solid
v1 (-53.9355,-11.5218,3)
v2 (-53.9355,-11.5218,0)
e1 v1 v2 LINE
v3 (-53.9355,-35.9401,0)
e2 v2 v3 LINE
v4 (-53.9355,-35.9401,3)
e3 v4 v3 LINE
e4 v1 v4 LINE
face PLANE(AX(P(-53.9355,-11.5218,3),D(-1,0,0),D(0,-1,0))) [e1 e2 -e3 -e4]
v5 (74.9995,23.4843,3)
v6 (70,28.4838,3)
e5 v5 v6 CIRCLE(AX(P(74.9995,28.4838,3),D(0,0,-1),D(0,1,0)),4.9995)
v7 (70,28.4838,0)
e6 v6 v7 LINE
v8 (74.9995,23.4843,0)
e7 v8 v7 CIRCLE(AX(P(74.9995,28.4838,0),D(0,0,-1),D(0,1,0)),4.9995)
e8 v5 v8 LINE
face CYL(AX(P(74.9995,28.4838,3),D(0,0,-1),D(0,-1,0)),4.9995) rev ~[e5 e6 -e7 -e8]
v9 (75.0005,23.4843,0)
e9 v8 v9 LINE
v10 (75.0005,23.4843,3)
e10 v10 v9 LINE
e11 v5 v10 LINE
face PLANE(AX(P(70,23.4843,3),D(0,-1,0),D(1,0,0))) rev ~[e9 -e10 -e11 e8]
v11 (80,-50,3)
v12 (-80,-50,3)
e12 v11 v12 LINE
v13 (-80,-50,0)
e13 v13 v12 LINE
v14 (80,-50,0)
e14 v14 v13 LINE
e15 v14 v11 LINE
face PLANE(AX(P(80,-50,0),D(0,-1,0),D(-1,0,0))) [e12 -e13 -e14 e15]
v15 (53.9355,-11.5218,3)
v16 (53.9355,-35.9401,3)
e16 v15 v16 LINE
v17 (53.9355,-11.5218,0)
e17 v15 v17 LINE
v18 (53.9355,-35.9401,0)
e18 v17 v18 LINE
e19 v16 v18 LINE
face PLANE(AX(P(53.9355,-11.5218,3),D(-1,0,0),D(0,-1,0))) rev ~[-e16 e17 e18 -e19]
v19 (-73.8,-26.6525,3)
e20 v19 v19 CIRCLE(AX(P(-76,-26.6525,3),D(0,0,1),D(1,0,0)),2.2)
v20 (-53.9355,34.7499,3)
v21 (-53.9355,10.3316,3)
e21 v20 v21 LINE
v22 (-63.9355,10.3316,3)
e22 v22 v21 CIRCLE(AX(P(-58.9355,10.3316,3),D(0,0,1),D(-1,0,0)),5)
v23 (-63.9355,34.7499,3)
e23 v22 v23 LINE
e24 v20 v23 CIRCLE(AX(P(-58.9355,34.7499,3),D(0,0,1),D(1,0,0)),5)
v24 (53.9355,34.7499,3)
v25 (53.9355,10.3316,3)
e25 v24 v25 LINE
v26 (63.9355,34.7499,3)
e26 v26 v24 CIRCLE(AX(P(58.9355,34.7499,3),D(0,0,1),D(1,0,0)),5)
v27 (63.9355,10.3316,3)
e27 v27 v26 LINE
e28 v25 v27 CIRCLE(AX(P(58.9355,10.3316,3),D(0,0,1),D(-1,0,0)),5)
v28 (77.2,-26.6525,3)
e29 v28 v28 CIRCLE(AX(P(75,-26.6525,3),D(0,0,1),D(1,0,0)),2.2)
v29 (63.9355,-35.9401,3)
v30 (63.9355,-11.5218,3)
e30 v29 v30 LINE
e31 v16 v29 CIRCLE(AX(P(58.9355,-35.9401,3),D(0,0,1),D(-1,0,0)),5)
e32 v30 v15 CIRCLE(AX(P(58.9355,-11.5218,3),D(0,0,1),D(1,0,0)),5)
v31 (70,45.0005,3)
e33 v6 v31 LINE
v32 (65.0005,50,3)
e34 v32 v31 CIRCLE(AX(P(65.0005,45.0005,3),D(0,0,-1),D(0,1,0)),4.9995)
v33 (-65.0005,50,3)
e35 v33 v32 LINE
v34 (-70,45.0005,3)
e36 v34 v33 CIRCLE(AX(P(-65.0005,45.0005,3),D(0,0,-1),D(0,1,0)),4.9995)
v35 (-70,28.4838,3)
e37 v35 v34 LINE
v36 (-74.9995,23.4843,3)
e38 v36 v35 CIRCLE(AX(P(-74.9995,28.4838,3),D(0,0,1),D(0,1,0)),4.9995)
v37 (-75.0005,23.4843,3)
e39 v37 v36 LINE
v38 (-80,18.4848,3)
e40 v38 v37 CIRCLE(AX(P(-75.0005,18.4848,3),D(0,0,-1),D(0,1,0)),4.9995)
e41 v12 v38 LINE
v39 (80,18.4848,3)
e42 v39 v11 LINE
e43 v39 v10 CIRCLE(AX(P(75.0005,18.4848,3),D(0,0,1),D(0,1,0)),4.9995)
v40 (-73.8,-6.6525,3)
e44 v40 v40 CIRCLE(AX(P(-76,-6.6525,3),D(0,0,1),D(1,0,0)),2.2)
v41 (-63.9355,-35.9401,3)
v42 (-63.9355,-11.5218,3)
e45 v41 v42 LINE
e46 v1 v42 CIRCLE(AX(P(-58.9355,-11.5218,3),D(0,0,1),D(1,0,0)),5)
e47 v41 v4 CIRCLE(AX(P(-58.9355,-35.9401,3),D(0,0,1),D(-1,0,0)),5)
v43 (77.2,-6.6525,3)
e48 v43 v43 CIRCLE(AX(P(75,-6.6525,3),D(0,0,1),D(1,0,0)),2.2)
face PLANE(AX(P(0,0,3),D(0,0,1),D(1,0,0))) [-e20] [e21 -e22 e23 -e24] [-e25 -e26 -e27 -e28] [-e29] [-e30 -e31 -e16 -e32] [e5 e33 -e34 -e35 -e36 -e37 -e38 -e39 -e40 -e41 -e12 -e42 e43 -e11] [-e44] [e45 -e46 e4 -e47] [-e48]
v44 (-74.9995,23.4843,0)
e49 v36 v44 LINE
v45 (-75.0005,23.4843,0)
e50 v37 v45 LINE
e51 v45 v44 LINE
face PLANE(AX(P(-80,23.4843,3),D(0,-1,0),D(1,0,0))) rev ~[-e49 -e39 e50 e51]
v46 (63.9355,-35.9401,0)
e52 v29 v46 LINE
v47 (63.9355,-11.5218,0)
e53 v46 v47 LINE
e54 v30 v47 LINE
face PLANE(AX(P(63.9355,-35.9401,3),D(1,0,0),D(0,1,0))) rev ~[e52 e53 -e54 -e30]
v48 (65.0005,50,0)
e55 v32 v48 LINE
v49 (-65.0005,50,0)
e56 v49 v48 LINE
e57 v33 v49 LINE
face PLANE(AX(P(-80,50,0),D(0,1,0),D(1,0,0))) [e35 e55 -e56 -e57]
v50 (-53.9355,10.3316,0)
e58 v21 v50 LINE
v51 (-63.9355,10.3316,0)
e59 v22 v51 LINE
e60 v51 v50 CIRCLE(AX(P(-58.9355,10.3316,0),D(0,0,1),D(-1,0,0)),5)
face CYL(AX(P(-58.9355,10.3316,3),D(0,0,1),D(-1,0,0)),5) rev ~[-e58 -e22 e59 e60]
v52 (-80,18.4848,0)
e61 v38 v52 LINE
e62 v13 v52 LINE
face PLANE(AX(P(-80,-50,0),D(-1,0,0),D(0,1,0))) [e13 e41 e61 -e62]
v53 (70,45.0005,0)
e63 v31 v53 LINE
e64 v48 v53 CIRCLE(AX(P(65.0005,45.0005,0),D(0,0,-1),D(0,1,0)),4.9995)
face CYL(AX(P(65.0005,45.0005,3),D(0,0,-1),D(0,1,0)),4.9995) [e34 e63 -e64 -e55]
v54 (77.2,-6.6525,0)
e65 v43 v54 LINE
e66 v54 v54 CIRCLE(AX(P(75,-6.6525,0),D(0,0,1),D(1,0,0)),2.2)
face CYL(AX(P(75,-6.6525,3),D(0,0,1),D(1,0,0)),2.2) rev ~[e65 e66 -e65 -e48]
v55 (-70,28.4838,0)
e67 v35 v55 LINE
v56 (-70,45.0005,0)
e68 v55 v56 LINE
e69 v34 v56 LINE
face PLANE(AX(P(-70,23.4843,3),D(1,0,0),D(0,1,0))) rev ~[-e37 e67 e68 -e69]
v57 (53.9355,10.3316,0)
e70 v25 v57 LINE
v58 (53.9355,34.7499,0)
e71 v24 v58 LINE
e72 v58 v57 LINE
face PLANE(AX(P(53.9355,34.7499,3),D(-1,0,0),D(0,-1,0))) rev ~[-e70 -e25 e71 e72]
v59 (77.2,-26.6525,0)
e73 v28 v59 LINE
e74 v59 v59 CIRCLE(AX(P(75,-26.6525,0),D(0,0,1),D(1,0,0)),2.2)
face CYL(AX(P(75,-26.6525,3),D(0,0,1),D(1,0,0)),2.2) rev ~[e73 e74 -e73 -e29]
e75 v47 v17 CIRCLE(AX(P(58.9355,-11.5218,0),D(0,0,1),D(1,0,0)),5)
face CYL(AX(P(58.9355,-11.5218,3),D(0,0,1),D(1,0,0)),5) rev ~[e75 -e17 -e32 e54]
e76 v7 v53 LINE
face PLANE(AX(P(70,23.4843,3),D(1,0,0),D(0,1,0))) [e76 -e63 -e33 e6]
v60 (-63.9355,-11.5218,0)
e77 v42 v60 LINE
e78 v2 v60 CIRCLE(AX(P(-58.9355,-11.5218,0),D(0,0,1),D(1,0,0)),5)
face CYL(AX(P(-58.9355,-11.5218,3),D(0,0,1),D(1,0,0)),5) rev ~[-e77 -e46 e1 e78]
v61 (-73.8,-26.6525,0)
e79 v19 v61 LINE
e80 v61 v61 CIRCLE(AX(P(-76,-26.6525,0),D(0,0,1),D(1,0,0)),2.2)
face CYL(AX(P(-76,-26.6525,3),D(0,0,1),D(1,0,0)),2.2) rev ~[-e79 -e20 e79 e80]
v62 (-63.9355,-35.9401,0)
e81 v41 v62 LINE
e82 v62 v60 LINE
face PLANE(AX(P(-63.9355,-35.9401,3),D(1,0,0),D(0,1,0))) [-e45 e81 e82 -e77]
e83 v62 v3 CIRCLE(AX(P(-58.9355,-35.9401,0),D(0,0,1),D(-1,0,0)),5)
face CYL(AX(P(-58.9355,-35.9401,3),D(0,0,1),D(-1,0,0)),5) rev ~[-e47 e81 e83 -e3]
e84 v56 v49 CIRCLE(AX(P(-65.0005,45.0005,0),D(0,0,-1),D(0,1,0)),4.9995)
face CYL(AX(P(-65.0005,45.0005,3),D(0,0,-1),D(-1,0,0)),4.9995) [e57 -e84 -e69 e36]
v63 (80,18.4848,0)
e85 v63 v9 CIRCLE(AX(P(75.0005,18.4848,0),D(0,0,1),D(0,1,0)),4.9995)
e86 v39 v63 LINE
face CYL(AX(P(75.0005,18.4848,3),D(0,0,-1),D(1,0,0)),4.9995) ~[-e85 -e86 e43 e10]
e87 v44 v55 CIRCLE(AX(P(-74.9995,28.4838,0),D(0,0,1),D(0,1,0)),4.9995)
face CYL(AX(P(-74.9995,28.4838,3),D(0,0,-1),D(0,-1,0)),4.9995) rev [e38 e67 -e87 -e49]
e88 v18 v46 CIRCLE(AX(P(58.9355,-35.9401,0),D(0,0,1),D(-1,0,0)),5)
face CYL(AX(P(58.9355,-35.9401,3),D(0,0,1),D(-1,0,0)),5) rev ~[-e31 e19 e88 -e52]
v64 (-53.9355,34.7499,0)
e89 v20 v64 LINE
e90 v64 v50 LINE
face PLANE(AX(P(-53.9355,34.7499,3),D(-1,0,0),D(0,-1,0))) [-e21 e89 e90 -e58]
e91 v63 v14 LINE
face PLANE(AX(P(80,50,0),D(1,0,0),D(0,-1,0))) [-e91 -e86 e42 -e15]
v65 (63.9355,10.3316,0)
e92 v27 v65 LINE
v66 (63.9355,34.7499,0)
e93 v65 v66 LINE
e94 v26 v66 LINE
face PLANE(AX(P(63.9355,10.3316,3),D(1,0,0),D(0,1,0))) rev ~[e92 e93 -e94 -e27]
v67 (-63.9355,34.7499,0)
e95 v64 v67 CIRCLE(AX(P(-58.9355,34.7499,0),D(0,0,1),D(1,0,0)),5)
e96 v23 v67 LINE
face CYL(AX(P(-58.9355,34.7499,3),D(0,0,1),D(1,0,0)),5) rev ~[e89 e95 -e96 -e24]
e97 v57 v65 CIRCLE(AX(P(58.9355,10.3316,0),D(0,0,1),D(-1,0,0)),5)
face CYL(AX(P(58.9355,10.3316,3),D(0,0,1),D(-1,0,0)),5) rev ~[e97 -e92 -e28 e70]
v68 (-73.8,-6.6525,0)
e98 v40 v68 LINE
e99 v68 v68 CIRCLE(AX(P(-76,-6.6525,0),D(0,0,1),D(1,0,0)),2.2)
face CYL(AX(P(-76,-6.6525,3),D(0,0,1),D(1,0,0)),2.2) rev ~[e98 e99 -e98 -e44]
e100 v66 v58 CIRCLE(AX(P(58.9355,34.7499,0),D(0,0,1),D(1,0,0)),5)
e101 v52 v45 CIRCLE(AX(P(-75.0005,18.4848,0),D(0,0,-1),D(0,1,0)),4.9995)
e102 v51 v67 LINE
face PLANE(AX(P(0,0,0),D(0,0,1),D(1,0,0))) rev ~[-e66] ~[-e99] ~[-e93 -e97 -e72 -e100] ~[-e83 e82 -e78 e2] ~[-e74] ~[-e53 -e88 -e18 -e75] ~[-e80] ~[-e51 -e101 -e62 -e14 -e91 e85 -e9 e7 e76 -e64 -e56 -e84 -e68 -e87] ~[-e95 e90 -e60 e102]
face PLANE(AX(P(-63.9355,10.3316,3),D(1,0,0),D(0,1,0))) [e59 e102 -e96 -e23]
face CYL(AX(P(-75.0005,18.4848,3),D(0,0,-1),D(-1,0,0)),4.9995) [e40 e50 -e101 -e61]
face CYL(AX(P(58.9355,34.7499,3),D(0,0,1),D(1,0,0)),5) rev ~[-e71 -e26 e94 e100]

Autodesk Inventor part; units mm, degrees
ref_plane "YZ Plane" through (0, 0, 0) normal (1, 0, 0) x (0, 1, 0)
ref_plane "XZ Plane" through (0, 0, 0) normal (0, 1, 0) x (-1, 0, 0)
ref_plane "XY Plane" through (0, 0, 0) normal (0, 0, 1) x (1, 0, 0)
sketch "草图1" plane through (0, 0, 0) normal (0, 0, 1) x (1, 0, 0)
  line L0 (80, -50) -> (-80, -50)
  line L1 (-80, -50) -> (-80, 50)
  line L2 (-80, 50) -> (80, 50)
  line L3 (80, 50) -> (80, -50)
  line L4 (80, -50) -> (-80, 50) construction
  line L5 (-80, -50) -> (80, 50) construction
  point P0 (0, 0)
  dimension "d0" = 100
  dimension "d1" = 160
extrude "拉伸1" add sketch "草图1" along normal blind 3
sketch "草图2" plane through (0, 0, 3) normal (0, 0, 1) x (1, 0, 0)
  line L0 (-70, 23.4843) -> (-70, 54.6776)
  line L1 (70, 15.0319) -> (70, 54.3435) projected
  line L2 (-80, 50) -> (-80, -50) projected
  line L3 (-80, 23.4843) -> (80.034, 23.4843)
  line L4 (80, 50) -> (-80, 50) projected
  line L5 (-80, 50) -> (-80, -50) projected
  line L6 (-80, -50) -> (80, -50) projected
  line L7 (80, -50) -> (80, 50) projected
  point P0 (0, 0)
  point P1 (80, 23.4843)
  point P2 (70, 50)
  point P3 (70, 23.4843)
  point P4 (-70, 50)
  dimension "d6" = 10
  dimension "d7" = 10
extrude "拉伸2" cut sketch "草图2" against normal blind 10 contours L3 L2 L4 L0 | L1 L4 L7 L3
fillet "圆角1" radius 5 6 edges at (-80, 23.4843, 1.5) (-70, 23.4843, 1.5) (-70, 50, 1.5) (70, 50, 1.5) (70, 23.4843, 1.5) (80, 23.4843, 1.5)
sketch "草图7" plane through (0, 0, 3) normal (0, 0, 1) x (1, 0, 0)
  circle A0 centre (75, -6.6525) radius 1.2 projected
  circle A1 centre (75, -26.6525) radius 1.2 projected
  circle A2 centre (-76, -6.6525) radius 1.2 projected
  circle A3 centre (-76, -26.6525) radius 1.2 projected
  circle A4 centre (-76, -6.6525) radius 2.2
  circle A5 centre (-76, -26.6525) radius 2.2
  circle A6 centre (75, -6.6525) radius 2.2
  circle A7 centre (75, -26.6525) radius 2.2
  point P0 (0, 0)
  dimension "d78" = 1
  dimension "d79" = 1
  dimension "d80" = 1
  dimension "d81" = 1
extrude "拉伸5" cut sketch "草图7" against normal blind 10 contours A0 | A1 | A2 | A3 | A4 | A5 | A6 | A7
sketch "草图6" plane through (0, 0, 3) normal (0, 0, 1) x (1, 0, 0)
  circle A0 centre (-0.337, 1.4402) radius 29.6824
  line L0 (58.9355, -11.5218) -> (58.9355, -35.9401) construction
  line L1 (53.9355, -11.5218) -> (53.9355, -35.9401)
  line L2 (63.9355, -35.9401) -> (63.9355, -11.5218)
  arc A1 (63.9355, -11.5218) -> (53.9355, -11.5218) centre (58.9355, -11.5218) ccw
  arc A2 (53.9355, -35.9401) -> (63.9355, -35.9401) centre (58.9355, -35.9401) ccw
  line L3 (58.9355, 34.7499) -> (58.9355, 10.3316) construction
  line L4 (53.9355, 34.7499) -> (53.9355, 10.3316)
  line L5 (63.9355, 10.3316) -> (63.9355, 34.7499)
  arc A3 (63.9355, 34.7499) -> (53.9355, 34.7499) centre (58.9355, 34.7499) ccw
  arc A4 (53.9355, 10.3316) -> (63.9355, 10.3316) centre (58.9355, 10.3316) ccw
  line L6 (65, 50) -> (-65, 50) projected
  line L7 (0, 50) -> (0, -49.5861)
  line L8 (-58.9355, -11.5218) -> (-58.9355, -35.9401) construction
  line L9 (-53.9355, -11.5218) -> (-53.9355, -35.9401)
  line L10 (-63.9355, -35.9401) -> (-63.9355, -11.5218)
  arc A5 (-53.9355, -11.5218) -> (-63.9355, -11.5218) centre (-58.9355, -11.5218) ccw
  arc A6 (-63.9355, -35.9401) -> (-53.9355, -35.9401) centre (-58.9355, -35.9401) ccw
  line L11 (-58.9355, 34.7499) -> (-58.9355, 10.3316) construction
  line L12 (-53.9355, 34.7499) -> (-53.9355, 10.3316)
  line L13 (-63.9355, 10.3316) -> (-63.9355, 34.7499)
  arc A7 (-53.9355, 34.7499) -> (-63.9355, 34.7499) centre (-58.9355, 34.7499) ccw
  arc A8 (-63.9355, 10.3316) -> (-53.9355, 10.3316) centre (-58.9355, 10.3316) ccw
  point P0 (0, 0)
  point P1 (58.9355, -23.7309)
  point P2 (58.9355, 22.5408)
  point P3 (-58.9355, -23.7309)
  point P4 (-58.9355, 22.5408)
  dimension "d70" = 5
  dimension "d71" = 5
extrude "拉伸4" cut sketch "草图6" against normal blind 10 contours A1 L2 A2 L1 | A3 L5 A4 L4 | L9 A6 L10 A5 | L12 A8 L13 A7
sketch "草图5" plane through (0, 0, 3) normal (0, 0, 1) x (1, 0, 0)
  line L0 (-51.948, 44.2905) -> (50.6435, 44.2905) construction
  line L1 (50.6435, 44.2905) -> (50.6435, -58.301) construction
  line L2 (50.6435, -58.301) -> (-51.948, -58.301) construction
  line L3 (-51.948, -58.301) -> (-51.948, 44.2905) construction
  circle A0 centre (-0.337, 1.4402) radius 19.5793
  circle A1 centre (-0.337, 1.4402) radius 22.0126
  circle A2 centre (-0.1836, 17.5889) radius 1.0689
  circle A3 centre (14.0973, -7.3293) radius 1.2102
  circle A4 centre (-14.6768, -7.0871) radius 1.2453
  arc A5 (-1.5966, 22.3303) -> (-3.177, 23.2671) centre (-2.9305, 21.8816) ccw
  arc A6 (-1.5966, 22.3303) -> (1.2246, 22.333) centre (-0.1861, 22.4331) ccw
  arc A7 (2.2174, 23.304) -> (1.2246, 22.333) centre (2.87, 21.6437) ccw
  line L4 (-3.1076, 23.2777) -> (-2.7908, 20.865)
  line L5 (2.4336, 23.2777) -> (2.4336, 20.8224)
  arc A8 (-6.9604, 21.2925) -> (-8.7295, 21.7883) centre (-8.1327, 20.5138) ccw
  arc A9 (-6.9604, 21.2925) -> (-4.236, 22.0252) centre (-5.6246, 21.7569) ccw
  arc A10 (-3.5284, 23.2201) -> (-4.236, 22.0252) centre (-2.4683, 21.7854) ccw
  arc A11 (-11.8729, 18.9017) -> (-13.71, 18.9228) centre (-12.8037, 17.8462) ccw
  arc A12 (-11.8729, 18.9017) -> (-9.431, 20.3147) centre (-10.7028, 19.6961) ccw
  arc A13 (-9.0567, 21.652) -> (-9.431, 20.3147) centre (-7.6614, 20.5405) ccw
  arc A14 (-15.9992, 15.321) -> (-17.7792, 14.8659) centre (-16.6251, 14.0606) ccw
  arc A15 (-15.9992, 15.321) -> (-14.0062, 17.3179) centre (-15.0746, 16.3912) ccw
  arc A16 (-13.9908, 18.7065) -> (-14.0062, 17.3179) centre (-12.3554, 17.994) ccw
  arc A17 (-19.0582, 10.7944) -> (-20.6597, 9.8941) centre (-19.3365, 9.4149) ccw
  arc A18 (-19.0582, 10.7944) -> (-17.6499, 13.239) centre (-18.442, 12.0674) ccw
  arc A19 (-17.9944, 14.5843) -> (-17.6499, 13.239) centre (-16.2303, 14.3193) ccw
  arc A20 (-20.8413, 5.6302) -> (-22.1553, 4.3462) centre (-20.7531, 4.2257) ccw
  arc A21 (-20.8413, 5.6302) -> (-20.1137, 8.356) centre (-20.5756, 7.0193) ccw
  arc A22 (-20.7947, 9.5663) -> (-20.1137, 8.356) centre (-19.0221, 9.767) ccw
  arc A23 (-21.2271, 0.1806) -> (-22.164, -1.3998) centre (-20.7784, -1.1533) ccw
  arc A24 (-21.2271, 0.1806) -> (-21.2298, 3.0018) centre (-21.33, 1.5911) ccw
  arc A25 (-22.2009, 3.9946) -> (-21.2298, 3.0018) centre (-20.5406, 4.6472) ccw
  arc A26 (-20.1893, -5.1833) -> (-20.6852, -6.9523) centre (-19.4107, -6.3555) ccw
  arc A27 (-20.1893, -5.1833) -> (-20.9221, -2.4589) centre (-20.6537, -3.8474) ccw
  arc A28 (-22.117, -1.7512) -> (-20.9221, -2.4589) centre (-20.6822, -0.6911) ccw
  arc A29 (-17.7986, -10.0958) -> (-17.8197, -11.9328) centre (-16.7431, -11.0265) ccw
  arc A30 (-17.7986, -10.0958) -> (-19.2115, -7.6538) centre (-18.5929, -8.9256) ccw
  arc A31 (-20.5489, -7.2796) -> (-19.2115, -7.6538) centre (-19.4374, -5.8843) ccw
  arc A32 (-14.2179, -14.2221) -> (-13.7628, -16.002) centre (-12.9574, -14.8479) ccw
  arc A33 (-14.2179, -14.2221) -> (-16.2147, -12.229) centre (-15.288, -13.2974) ccw
  arc A34 (-17.6033, -12.2137) -> (-16.2147, -12.229) centre (-16.8908, -10.5782) ccw
  arc A35 (-9.6912, -17.281) -> (-8.791, -18.8825) centre (-8.3117, -17.5594) ccw
  arc A36 (-9.6912, -17.281) -> (-12.1358, -15.8727) centre (-10.9642, -16.6648) ccw
  arc A37 (-13.4811, -16.2173) -> (-12.1358, -15.8727) centre (-13.2162, -14.4531) ccw
  arc A38 (-4.5271, -19.0642) -> (-3.243, -20.3781) centre (-3.1226, -18.976) ccw
  arc A39 (-4.5271, -19.0642) -> (-7.2529, -18.3366) centre (-5.9162, -18.7985) ccw
  arc A40 (-8.4632, -19.0176) -> (-7.2529, -18.3366) centre (-8.6639, -17.245) ccw
  arc A41 (0.9226, -19.45) -> (2.503, -20.3868) centre (2.2564, -19.0013) ccw
  arc A42 (0.9226, -19.45) -> (-1.8987, -19.4527) centre (-0.4879, -19.5528) ccw
  arc A43 (-2.8914, -20.4237) -> (-1.8987, -19.4527) centre (-3.5441, -18.7634) ccw
  arc A44 (6.2864, -18.4122) -> (8.0554, -18.908) centre (7.4587, -17.6335) ccw
  arc A45 (6.2864, -18.4122) -> (3.562, -19.1449) centre (4.9506, -18.8766) ccw
  arc A46 (2.8544, -20.3398) -> (3.562, -19.1449) centre (1.7943, -18.9051) ccw
  arc A47 (11.1989, -16.0214) -> (13.036, -16.0425) centre (12.1297, -14.9659) ccw
  arc A48 (11.1989, -16.0214) -> (8.757, -17.4344) centre (10.0288, -16.8158) ccw
  arc A49 (8.3827, -18.7717) -> (8.757, -17.4344) centre (6.9874, -17.6602) ccw
  arc A50 (15.3252, -12.4407) -> (17.1051, -11.9856) centre (15.9511, -11.1803) ccw
  arc A51 (15.3252, -12.4407) -> (13.3322, -14.4376) centre (14.4005, -13.5109) ccw
  arc A52 (13.3168, -15.8262) -> (13.3322, -14.4376) centre (11.6814, -15.1137) ccw
  arc A53 (18.3842, -7.9141) -> (19.9857, -7.0138) centre (18.6625, -6.5346) ccw
  arc A54 (18.3842, -7.9141) -> (16.9759, -10.3587) centre (17.768, -9.1871) ccw
  arc A55 (17.3204, -11.704) -> (16.9759, -10.3587) centre (15.5563, -11.439) ccw
  arc A56 (20.1673, -2.7499) -> (21.4812, -1.4659) centre (20.0791, -1.3454) ccw
  arc A57 (20.1673, -2.7499) -> (19.4397, -5.4757) centre (19.9016, -4.139) ccw
  arc A58 (20.1207, -6.686) -> (19.4397, -5.4757) centre (18.3481, -6.8867) ccw
  arc A59 (20.5531, 2.6997) -> (21.4899, 4.2801) centre (20.1044, 4.0336) ccw
  arc A60 (20.5531, 2.6997) -> (20.5558, -0.1215) centre (20.656, 1.2892) ccw
  arc A61 (21.5268, -1.1143) -> (20.5558, -0.1215) centre (19.8666, -1.7669) ccw
  arc A62 (19.5153, 8.0636) -> (20.0111, 9.8326) centre (18.7366, 9.2358) ccw
  arc A63 (19.5153, 8.0636) -> (20.2481, 5.3392) centre (19.9797, 6.7277) ccw
  arc A64 (21.443, 4.6315) -> (20.2481, 5.3392) centre (20.0082, 3.5714) ccw
  arc A65 (17.1246, 12.9761) -> (17.1457, 14.8131) centre (16.0691, 13.9068) ccw
  arc A66 (17.1246, 12.9761) -> (18.5375, 10.5341) centre (17.9189, 11.8059) ccw
  arc A67 (19.8749, 10.1599) -> (18.5375, 10.5341) centre (18.7633, 8.7646) ccw
  arc A68 (13.5439, 17.1024) -> (13.0888, 18.8823) centre (12.2834, 17.7283) ccw
  arc A69 (13.5439, 17.1024) -> (15.5407, 15.1093) centre (14.614, 16.1777) ccw
  arc A70 (16.9293, 15.094) -> (15.5407, 15.1093) centre (16.2168, 13.4585) ccw
  arc A71 (9.0172, 20.1613) -> (8.1169, 21.7628) centre (7.6377, 20.4397) ccw
  arc A72 (9.0172, 20.1613) -> (11.4618, 18.753) centre (10.2902, 19.5451) ccw
  arc A73 (12.8071, 19.0976) -> (11.4618, 18.753) centre (12.5422, 17.3335) ccw
  arc A74 (3.8531, 21.9445) -> (2.569, 23.2584) centre (2.4485, 21.8563) ccw
  arc A75 (3.8531, 21.9445) -> (6.5789, 21.2169) centre (5.2422, 21.6788) ccw
  arc A76 (7.7892, 21.8979) -> (6.5789, 21.2169) centre (7.9898, 20.1253) ccw
  circle A77 centre (-0.337, 1.4402) radius 17.3264
  arc A78 (-1.8119, 16.3912) -> (1.4108, 16.5709) centre (-0.2439, 17.2588) ccw
  line L6 (-1.8119, 16.3912) -> (-3.3302, 18.506)
  line L7 (1.4108, 16.5709) -> (2.5167, 18.5299)
  line L8 (-16.4097, -5.0307) -> (-13.9908, -5.0307)
  line L9 (-13.4922, -9.8356) -> (-12.6482, -7.9141)
  arc A79 (-12.6482, -7.9141) -> (-13.9908, -5.0307) centre (-14.3731, -6.963) ccw
  line L10 (12.9811, -9.6427) -> (11.9394, -7.9141)
  arc A80 (13.1454, -5.3295) -> (11.9394, -7.9141) centre (13.7218, -7.1721) ccw
  line L11 (13.1454, -5.3295) -> (15.7357, -5.0307)
  line L12 (-9.9945, 15.2423) -> (9.7915, 15.2423)
  line L13 (9.7915, 15.2423) -> (9.7915, 12.3918)
  line L14 (9.7915, 12.3918) -> (4.8774, 12.3918)
  line L15 (4.8774, 12.3918) -> (4.8774, 11.3614)
  line L16 (4.8774, 11.3614) -> (-0.1015, 3.7166)
  line L17 (-0.1015, 3.7166) -> (4.8774, 5.6302)
  line L18 (4.8774, 5.6302) -> (4.8774, -10.799)
  line L19 (4.8774, -10.799) -> (9.9178, -10.799)
  line L20 (-10.2582, -10.5782) -> (-10.3245, -13.73)
  line L21 (-10.3245, -13.73) -> (8.2621, -13.73)
  line L22 (-10.2582, -10.5782) -> (-4.859, -10.5782)
  line L23 (-4.859, -10.5782) -> (-4.859, -9.8356)
  line L24 (-4.859, -9.8356) -> (0.725, -0.9592)
  line L25 (0.725, -0.9592) -> (-4.859, -4.139)
  line L26 (-4.859, -4.139) -> (-4.9409, 11.6269)
  line L27 (-4.9409, 11.6269) -> (-9.9945, 11.6007)
  line L28 (-9.9945, 11.6007) -> (-9.9945, 15.2423)
  line L29 (-6.5155, -6.1315) -> (-3.3302, -4.6028)
  line L30 (-3.3302, -4.6028) -> (-6.4171, -9.3424)
  line L31 (-6.4171, -9.3424) -> (-6.5155, -6.1315)
  line L32 (2.7649, 6.2064) -> (5.9307, 7.7259)
  line L33 (5.9307, 7.7259) -> (5.9307, 10.7944)
  line L34 (5.9307, 10.7944) -> (2.7649, 6.2064)
  line L35 (9.9178, -10.799) -> (9.9178, -13.73)
  point P0 (-8.6651, 21.8165)
  point P1 (-13.6551, 18.9667)
  point P2 (-17.7376, 14.9225)
  point P3 (-20.6341, 9.9595)
  point P4 (-22.1475, 4.416)
  point P5 (-22.1745, -1.3304)
  point P6 (-20.7134, -6.888)
  point P7 (-17.8636, -11.878)
  point P8 (-13.8194, -15.9604)
  point P9 (-8.8564, -18.857)
  point P10 (-3.3128, -20.3703)
  point P11 (2.4336, -20.3974)
  point P12 (7.9911, -18.9362)
  point P13 (12.9811, -16.0864)
  point P14 (17.0635, -12.0422)
  point P15 (19.9601, -7.0792)
  point P16 (21.4735, -1.5357)
  point P17 (21.5005, 4.2107)
  point P18 (20.0393, 9.7683)
  point P19 (17.1895, 14.7583)
  point P20 (13.1454, 18.8407)
  point P21 (8.1824, 21.7373)
  point P22 (2.6388, 23.2506)
  point P23 (-3.5284, 23.2201)
  point P24 (-8.6651, 21.8165)
  point P25 (-13.6551, 18.9667)
  point P26 (-13.9908, 18.7065)
  point P27 (-17.7376, 14.9225)
  point P28 (-17.9944, 14.5843)
  point P29 (-20.6341, 9.9595)
  point P30 (-22.1475, 4.416)
  point P31 (-22.1745, -1.3304)
  point P32 (-22.117, -1.7512)
  point P33 (-20.7134, -6.888)
  point P34 (-17.8636, -11.878)
  point P35 (-17.6033, -12.2137)
  point P36 (-13.8194, -15.9604)
  point P37 (-8.8564, -18.857)
  point P38 (-3.3128, -20.3703)
  point P39 (-2.8914, -20.4237)
  point P40 (2.4336, -20.3974)
  point P41 (2.8544, -20.3398)
  point P42 (7.9911, -18.9362)
  point P43 (8.3827, -18.7717)
  point P44 (12.9811, -16.0864)
  point P45 (17.0635, -12.0422)
  point P46 (19.9601, -7.0792)
  point P47 (20.1207, -6.686)
  point P48 (21.4735, -1.5357)
  point P49 (21.5005, 4.2107)
  point P50 (21.443, 4.6315)
  point P51 (20.0393, 9.7683)
  point P52 (19.8749, 10.1599)
  point P53 (17.1895, 14.7583)
  point P54 (16.9293, 15.094)
  point P55 (13.1454, 18.8407)
  point P56 (8.1824, 21.7373)
  point P57 (7.7892, 21.8979)
  point P58 (2.6388, 23.2506)
  point P59 (-10.3035, -12.7328)
  point P60 (-8.7078, -13.73)
  point P61 (8.0337, -13.73)
  point P62 (9.9178, -12.5256)
  dimension "d45" = 39.1585
  dimension "d51" = 360
properties part number "前挡板2"
